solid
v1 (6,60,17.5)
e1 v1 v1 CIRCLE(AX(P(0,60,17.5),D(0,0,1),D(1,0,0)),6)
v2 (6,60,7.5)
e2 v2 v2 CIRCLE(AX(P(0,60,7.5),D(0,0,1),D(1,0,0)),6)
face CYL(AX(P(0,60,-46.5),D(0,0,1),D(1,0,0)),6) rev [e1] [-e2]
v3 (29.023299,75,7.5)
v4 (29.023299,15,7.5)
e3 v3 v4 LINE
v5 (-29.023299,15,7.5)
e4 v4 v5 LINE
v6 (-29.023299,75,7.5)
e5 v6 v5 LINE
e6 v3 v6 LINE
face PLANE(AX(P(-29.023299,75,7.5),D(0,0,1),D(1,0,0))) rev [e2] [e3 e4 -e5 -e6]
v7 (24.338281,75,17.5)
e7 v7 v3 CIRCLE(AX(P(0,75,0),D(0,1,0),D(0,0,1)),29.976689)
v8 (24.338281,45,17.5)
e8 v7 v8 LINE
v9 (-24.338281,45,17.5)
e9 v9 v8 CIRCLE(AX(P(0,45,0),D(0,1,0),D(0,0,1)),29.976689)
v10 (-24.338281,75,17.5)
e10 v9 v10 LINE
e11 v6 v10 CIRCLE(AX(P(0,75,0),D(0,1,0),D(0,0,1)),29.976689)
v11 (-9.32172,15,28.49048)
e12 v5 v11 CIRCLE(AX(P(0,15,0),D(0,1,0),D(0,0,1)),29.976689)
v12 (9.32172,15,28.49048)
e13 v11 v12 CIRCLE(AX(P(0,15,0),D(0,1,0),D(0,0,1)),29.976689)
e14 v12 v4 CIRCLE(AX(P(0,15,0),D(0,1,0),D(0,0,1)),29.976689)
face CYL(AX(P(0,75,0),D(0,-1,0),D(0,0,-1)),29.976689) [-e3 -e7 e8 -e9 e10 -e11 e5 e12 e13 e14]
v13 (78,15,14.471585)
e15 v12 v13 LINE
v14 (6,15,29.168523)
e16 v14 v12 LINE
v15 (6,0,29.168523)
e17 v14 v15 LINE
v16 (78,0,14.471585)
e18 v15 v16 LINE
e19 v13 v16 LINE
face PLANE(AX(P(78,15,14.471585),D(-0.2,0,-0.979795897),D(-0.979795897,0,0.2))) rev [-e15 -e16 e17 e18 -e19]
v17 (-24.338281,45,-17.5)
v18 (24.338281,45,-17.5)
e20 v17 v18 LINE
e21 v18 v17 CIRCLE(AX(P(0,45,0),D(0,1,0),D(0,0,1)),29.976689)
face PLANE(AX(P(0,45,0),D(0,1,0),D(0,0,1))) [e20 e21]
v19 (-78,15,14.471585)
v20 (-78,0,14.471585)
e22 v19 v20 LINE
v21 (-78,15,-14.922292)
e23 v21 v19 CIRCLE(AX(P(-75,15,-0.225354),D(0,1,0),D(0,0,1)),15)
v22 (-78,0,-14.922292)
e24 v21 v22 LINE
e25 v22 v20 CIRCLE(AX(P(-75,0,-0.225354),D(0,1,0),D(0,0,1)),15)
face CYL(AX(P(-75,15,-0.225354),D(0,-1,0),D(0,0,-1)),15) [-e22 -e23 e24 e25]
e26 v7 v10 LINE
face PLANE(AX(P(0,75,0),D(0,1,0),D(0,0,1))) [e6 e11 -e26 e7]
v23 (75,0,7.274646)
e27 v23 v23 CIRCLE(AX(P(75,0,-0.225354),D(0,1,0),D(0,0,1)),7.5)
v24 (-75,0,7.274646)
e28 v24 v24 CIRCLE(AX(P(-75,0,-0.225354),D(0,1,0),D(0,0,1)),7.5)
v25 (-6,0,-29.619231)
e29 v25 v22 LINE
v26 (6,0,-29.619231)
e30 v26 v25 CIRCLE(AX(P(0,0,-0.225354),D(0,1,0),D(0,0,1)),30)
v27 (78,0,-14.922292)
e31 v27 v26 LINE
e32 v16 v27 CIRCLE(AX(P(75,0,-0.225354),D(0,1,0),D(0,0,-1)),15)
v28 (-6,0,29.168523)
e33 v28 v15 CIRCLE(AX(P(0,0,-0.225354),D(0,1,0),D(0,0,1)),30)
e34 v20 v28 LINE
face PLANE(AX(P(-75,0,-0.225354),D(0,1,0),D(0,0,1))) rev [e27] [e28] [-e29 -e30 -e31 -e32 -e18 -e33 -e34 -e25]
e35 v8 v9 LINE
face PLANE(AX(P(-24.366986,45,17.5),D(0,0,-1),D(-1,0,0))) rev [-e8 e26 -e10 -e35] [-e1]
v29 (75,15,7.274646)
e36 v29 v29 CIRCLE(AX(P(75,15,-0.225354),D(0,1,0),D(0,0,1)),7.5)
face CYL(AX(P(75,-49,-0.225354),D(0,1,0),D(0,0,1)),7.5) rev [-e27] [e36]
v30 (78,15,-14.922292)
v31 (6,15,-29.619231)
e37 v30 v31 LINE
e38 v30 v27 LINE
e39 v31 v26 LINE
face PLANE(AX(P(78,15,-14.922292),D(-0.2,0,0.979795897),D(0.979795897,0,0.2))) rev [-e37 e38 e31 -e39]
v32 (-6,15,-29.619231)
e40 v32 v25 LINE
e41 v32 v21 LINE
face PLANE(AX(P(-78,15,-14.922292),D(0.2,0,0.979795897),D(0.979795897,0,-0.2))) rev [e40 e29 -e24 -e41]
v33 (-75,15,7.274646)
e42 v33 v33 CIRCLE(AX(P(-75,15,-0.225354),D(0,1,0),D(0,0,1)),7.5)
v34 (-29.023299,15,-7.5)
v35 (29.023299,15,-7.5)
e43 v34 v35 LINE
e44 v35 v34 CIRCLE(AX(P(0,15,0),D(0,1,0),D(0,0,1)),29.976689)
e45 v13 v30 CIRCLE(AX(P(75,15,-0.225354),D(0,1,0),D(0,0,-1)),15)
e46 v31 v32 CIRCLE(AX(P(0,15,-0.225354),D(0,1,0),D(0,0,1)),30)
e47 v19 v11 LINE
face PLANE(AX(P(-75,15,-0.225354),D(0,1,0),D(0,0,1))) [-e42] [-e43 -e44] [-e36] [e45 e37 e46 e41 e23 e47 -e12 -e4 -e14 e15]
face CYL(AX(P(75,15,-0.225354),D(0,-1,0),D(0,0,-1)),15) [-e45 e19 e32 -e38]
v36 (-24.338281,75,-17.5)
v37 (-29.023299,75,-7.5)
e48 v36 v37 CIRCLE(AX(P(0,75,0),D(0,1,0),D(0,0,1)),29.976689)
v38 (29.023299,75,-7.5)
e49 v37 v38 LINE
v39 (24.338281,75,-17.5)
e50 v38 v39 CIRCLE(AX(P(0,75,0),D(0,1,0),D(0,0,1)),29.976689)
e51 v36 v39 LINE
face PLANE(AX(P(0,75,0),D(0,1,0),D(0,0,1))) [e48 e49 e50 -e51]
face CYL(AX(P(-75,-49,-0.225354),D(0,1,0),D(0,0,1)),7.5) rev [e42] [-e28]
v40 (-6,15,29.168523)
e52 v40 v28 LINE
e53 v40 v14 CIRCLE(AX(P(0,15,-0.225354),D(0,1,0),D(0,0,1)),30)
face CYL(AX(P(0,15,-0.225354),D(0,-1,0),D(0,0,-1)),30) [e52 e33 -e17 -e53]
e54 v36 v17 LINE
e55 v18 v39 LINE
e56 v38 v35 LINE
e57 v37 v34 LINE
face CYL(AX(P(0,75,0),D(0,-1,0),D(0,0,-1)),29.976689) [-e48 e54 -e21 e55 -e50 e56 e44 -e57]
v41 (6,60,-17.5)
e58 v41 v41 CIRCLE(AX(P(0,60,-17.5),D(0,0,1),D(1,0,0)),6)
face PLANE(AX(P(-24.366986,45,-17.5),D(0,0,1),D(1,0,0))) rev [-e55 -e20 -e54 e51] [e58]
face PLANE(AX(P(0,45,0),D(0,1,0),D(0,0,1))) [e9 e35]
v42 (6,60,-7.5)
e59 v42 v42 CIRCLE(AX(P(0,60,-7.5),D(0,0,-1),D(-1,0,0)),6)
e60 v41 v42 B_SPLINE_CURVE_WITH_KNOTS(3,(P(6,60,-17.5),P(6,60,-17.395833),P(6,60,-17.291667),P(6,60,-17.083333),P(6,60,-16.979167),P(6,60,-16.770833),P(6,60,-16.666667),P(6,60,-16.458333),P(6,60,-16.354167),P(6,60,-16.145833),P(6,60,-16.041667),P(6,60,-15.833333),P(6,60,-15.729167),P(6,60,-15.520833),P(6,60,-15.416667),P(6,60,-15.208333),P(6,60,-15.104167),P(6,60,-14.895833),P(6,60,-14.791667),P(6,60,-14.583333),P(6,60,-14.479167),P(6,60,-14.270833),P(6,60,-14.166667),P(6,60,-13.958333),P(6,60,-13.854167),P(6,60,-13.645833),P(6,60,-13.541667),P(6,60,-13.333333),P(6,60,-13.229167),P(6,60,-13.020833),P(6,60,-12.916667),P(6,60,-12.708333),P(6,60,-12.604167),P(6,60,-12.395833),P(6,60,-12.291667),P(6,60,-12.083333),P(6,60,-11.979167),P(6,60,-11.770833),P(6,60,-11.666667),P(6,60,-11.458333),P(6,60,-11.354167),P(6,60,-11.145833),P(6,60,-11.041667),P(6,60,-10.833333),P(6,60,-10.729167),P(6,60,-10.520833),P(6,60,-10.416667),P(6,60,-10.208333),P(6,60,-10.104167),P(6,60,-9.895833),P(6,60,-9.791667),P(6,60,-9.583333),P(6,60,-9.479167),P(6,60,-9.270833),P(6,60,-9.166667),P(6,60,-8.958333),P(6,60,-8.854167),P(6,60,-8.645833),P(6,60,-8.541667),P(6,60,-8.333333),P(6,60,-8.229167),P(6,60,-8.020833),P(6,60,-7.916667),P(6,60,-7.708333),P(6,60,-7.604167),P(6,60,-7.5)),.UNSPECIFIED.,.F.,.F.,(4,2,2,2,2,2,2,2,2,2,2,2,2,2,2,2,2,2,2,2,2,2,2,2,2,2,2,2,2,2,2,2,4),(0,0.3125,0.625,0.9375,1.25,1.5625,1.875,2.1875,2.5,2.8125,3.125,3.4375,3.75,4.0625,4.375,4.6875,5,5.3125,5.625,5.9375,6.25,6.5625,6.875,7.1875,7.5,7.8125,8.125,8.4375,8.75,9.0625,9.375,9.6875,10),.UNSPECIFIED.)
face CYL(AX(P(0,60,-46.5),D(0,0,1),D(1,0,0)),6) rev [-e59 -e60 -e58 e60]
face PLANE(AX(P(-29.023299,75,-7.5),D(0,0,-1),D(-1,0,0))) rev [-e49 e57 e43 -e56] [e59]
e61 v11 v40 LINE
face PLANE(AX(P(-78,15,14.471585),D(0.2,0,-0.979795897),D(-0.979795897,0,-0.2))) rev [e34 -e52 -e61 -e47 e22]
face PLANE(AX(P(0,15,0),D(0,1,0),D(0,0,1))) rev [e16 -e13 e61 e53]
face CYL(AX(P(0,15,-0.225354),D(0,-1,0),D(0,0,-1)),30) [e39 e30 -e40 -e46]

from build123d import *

# Parameters (mm, degrees)
BOSS_EXTRUDE1_DEPTH = 15
BOSS_EXTRUDE2_DEPTH = 60
CUT_EXTRUDE1_DEPTH  = 30
SKETCH4_R           = 6
CUT_EXTRUDE2_DEPTH  = 64
SKETCH5_R           = 7.5
CUT_EXTRUDE3_DEPTH  = 64


with BuildPart() as part:
    # Sketch1 → Boss-Extrude1 (new body)
    with BuildSketch(Plane(origin=(0, 0, 0), x_dir=(1, 0, 0), z_dir=(0, 1, 0))):
        with BuildLine():
            Line((-78, 14.922292207), (-6, 29.619230664))
            ThreePointArc((-6, 29.619230664), (0, 30.22535375), (6, 29.619230664))
            Line((6, 29.619230664), (78, 14.922292207))
            ThreePointArc((78, 14.922292207), (90, 0.22535375), (78, -14.471584706))
            Line((78, -14.471584706), (6, -29.168523163))
            ThreePointArc((6, -29.168523163), (0, -29.77464625), (-6, -29.168523163))
            Line((-6, -29.168523163), (-78, -14.471584706))
            ThreePointArc((-78, -14.471584706), (-90, 0.22535375), (-78, 14.922292207))
        make_face()
    extrude(amount=BOSS_EXTRUDE1_DEPTH)

    # Sketch2 → Boss-Extrude2 (add)
    with BuildSketch(Plane(origin=(0, 15, 0), x_dir=(1, 0, 0), z_dir=(0, 1, 0))):
        with BuildLine():
            Line((-29.023299464, 7.5), (29.023299464, 7.5))
            ThreePointArc((29.023299464, 7.5), (0, 29.976689473), (-29.023299464, 7.5))
        make_face()
        with BuildLine():
            Line((-29.023299464, -7.5), (29.023299464, -7.5))
            ThreePointArc((29.023299464, -7.5), (0, -29.976689473), (-29.023299464, -7.5))
        make_face()
    extrude(amount=BOSS_EXTRUDE2_DEPTH)

    # Sketch3 → Cut-Extrude1 (cut)
    with BuildSketch(Plane(origin=(0, 75, 0), x_dir=(1, 0, 0), z_dir=(0, 1, 0))):
        with BuildLine():
            Line((-24.366985862, 17.5), (24.366985862, 17.5))
            ThreePointArc((24.366985862, 17.5), (0, 30), (-24.366985862, 17.5))
        make_face()
        with BuildLine():
            Line((-24.366985862, -17.5), (24.366985862, -17.5))
            ThreePointArc((24.366985862, -17.5), (0, -30), (-24.366985862, -17.5))
        make_face()
    extrude(amount=-CUT_EXTRUDE1_DEPTH, mode=Mode.SUBTRACT)

    # Sketch4 → Cut-Extrude2 (cut)
    with BuildSketch(Plane.XY.offset(17.5)):
        with Locations((0, 60)):
            Circle(SKETCH4_R)
    extrude(amount=-CUT_EXTRUDE2_DEPTH, mode=Mode.SUBTRACT)

    # Sketch5 → Cut-Extrude3 (cut)
    with BuildSketch(Plane(origin=(0, 15, 0), x_dir=(1, 0, 0), z_dir=(0, 1, 0))):
        with Locations(Location((-75, 0.22535375, 0), (0, 0, 270))):
            Circle(SKETCH5_R)
        with Locations(Location((75, 0.22535375, 0), (0, 0, 270))):
            Circle(SKETCH5_R)
    extrude(amount=-CUT_EXTRUDE3_DEPTH, mode=Mode.SUBTRACT)


solid = part.part
